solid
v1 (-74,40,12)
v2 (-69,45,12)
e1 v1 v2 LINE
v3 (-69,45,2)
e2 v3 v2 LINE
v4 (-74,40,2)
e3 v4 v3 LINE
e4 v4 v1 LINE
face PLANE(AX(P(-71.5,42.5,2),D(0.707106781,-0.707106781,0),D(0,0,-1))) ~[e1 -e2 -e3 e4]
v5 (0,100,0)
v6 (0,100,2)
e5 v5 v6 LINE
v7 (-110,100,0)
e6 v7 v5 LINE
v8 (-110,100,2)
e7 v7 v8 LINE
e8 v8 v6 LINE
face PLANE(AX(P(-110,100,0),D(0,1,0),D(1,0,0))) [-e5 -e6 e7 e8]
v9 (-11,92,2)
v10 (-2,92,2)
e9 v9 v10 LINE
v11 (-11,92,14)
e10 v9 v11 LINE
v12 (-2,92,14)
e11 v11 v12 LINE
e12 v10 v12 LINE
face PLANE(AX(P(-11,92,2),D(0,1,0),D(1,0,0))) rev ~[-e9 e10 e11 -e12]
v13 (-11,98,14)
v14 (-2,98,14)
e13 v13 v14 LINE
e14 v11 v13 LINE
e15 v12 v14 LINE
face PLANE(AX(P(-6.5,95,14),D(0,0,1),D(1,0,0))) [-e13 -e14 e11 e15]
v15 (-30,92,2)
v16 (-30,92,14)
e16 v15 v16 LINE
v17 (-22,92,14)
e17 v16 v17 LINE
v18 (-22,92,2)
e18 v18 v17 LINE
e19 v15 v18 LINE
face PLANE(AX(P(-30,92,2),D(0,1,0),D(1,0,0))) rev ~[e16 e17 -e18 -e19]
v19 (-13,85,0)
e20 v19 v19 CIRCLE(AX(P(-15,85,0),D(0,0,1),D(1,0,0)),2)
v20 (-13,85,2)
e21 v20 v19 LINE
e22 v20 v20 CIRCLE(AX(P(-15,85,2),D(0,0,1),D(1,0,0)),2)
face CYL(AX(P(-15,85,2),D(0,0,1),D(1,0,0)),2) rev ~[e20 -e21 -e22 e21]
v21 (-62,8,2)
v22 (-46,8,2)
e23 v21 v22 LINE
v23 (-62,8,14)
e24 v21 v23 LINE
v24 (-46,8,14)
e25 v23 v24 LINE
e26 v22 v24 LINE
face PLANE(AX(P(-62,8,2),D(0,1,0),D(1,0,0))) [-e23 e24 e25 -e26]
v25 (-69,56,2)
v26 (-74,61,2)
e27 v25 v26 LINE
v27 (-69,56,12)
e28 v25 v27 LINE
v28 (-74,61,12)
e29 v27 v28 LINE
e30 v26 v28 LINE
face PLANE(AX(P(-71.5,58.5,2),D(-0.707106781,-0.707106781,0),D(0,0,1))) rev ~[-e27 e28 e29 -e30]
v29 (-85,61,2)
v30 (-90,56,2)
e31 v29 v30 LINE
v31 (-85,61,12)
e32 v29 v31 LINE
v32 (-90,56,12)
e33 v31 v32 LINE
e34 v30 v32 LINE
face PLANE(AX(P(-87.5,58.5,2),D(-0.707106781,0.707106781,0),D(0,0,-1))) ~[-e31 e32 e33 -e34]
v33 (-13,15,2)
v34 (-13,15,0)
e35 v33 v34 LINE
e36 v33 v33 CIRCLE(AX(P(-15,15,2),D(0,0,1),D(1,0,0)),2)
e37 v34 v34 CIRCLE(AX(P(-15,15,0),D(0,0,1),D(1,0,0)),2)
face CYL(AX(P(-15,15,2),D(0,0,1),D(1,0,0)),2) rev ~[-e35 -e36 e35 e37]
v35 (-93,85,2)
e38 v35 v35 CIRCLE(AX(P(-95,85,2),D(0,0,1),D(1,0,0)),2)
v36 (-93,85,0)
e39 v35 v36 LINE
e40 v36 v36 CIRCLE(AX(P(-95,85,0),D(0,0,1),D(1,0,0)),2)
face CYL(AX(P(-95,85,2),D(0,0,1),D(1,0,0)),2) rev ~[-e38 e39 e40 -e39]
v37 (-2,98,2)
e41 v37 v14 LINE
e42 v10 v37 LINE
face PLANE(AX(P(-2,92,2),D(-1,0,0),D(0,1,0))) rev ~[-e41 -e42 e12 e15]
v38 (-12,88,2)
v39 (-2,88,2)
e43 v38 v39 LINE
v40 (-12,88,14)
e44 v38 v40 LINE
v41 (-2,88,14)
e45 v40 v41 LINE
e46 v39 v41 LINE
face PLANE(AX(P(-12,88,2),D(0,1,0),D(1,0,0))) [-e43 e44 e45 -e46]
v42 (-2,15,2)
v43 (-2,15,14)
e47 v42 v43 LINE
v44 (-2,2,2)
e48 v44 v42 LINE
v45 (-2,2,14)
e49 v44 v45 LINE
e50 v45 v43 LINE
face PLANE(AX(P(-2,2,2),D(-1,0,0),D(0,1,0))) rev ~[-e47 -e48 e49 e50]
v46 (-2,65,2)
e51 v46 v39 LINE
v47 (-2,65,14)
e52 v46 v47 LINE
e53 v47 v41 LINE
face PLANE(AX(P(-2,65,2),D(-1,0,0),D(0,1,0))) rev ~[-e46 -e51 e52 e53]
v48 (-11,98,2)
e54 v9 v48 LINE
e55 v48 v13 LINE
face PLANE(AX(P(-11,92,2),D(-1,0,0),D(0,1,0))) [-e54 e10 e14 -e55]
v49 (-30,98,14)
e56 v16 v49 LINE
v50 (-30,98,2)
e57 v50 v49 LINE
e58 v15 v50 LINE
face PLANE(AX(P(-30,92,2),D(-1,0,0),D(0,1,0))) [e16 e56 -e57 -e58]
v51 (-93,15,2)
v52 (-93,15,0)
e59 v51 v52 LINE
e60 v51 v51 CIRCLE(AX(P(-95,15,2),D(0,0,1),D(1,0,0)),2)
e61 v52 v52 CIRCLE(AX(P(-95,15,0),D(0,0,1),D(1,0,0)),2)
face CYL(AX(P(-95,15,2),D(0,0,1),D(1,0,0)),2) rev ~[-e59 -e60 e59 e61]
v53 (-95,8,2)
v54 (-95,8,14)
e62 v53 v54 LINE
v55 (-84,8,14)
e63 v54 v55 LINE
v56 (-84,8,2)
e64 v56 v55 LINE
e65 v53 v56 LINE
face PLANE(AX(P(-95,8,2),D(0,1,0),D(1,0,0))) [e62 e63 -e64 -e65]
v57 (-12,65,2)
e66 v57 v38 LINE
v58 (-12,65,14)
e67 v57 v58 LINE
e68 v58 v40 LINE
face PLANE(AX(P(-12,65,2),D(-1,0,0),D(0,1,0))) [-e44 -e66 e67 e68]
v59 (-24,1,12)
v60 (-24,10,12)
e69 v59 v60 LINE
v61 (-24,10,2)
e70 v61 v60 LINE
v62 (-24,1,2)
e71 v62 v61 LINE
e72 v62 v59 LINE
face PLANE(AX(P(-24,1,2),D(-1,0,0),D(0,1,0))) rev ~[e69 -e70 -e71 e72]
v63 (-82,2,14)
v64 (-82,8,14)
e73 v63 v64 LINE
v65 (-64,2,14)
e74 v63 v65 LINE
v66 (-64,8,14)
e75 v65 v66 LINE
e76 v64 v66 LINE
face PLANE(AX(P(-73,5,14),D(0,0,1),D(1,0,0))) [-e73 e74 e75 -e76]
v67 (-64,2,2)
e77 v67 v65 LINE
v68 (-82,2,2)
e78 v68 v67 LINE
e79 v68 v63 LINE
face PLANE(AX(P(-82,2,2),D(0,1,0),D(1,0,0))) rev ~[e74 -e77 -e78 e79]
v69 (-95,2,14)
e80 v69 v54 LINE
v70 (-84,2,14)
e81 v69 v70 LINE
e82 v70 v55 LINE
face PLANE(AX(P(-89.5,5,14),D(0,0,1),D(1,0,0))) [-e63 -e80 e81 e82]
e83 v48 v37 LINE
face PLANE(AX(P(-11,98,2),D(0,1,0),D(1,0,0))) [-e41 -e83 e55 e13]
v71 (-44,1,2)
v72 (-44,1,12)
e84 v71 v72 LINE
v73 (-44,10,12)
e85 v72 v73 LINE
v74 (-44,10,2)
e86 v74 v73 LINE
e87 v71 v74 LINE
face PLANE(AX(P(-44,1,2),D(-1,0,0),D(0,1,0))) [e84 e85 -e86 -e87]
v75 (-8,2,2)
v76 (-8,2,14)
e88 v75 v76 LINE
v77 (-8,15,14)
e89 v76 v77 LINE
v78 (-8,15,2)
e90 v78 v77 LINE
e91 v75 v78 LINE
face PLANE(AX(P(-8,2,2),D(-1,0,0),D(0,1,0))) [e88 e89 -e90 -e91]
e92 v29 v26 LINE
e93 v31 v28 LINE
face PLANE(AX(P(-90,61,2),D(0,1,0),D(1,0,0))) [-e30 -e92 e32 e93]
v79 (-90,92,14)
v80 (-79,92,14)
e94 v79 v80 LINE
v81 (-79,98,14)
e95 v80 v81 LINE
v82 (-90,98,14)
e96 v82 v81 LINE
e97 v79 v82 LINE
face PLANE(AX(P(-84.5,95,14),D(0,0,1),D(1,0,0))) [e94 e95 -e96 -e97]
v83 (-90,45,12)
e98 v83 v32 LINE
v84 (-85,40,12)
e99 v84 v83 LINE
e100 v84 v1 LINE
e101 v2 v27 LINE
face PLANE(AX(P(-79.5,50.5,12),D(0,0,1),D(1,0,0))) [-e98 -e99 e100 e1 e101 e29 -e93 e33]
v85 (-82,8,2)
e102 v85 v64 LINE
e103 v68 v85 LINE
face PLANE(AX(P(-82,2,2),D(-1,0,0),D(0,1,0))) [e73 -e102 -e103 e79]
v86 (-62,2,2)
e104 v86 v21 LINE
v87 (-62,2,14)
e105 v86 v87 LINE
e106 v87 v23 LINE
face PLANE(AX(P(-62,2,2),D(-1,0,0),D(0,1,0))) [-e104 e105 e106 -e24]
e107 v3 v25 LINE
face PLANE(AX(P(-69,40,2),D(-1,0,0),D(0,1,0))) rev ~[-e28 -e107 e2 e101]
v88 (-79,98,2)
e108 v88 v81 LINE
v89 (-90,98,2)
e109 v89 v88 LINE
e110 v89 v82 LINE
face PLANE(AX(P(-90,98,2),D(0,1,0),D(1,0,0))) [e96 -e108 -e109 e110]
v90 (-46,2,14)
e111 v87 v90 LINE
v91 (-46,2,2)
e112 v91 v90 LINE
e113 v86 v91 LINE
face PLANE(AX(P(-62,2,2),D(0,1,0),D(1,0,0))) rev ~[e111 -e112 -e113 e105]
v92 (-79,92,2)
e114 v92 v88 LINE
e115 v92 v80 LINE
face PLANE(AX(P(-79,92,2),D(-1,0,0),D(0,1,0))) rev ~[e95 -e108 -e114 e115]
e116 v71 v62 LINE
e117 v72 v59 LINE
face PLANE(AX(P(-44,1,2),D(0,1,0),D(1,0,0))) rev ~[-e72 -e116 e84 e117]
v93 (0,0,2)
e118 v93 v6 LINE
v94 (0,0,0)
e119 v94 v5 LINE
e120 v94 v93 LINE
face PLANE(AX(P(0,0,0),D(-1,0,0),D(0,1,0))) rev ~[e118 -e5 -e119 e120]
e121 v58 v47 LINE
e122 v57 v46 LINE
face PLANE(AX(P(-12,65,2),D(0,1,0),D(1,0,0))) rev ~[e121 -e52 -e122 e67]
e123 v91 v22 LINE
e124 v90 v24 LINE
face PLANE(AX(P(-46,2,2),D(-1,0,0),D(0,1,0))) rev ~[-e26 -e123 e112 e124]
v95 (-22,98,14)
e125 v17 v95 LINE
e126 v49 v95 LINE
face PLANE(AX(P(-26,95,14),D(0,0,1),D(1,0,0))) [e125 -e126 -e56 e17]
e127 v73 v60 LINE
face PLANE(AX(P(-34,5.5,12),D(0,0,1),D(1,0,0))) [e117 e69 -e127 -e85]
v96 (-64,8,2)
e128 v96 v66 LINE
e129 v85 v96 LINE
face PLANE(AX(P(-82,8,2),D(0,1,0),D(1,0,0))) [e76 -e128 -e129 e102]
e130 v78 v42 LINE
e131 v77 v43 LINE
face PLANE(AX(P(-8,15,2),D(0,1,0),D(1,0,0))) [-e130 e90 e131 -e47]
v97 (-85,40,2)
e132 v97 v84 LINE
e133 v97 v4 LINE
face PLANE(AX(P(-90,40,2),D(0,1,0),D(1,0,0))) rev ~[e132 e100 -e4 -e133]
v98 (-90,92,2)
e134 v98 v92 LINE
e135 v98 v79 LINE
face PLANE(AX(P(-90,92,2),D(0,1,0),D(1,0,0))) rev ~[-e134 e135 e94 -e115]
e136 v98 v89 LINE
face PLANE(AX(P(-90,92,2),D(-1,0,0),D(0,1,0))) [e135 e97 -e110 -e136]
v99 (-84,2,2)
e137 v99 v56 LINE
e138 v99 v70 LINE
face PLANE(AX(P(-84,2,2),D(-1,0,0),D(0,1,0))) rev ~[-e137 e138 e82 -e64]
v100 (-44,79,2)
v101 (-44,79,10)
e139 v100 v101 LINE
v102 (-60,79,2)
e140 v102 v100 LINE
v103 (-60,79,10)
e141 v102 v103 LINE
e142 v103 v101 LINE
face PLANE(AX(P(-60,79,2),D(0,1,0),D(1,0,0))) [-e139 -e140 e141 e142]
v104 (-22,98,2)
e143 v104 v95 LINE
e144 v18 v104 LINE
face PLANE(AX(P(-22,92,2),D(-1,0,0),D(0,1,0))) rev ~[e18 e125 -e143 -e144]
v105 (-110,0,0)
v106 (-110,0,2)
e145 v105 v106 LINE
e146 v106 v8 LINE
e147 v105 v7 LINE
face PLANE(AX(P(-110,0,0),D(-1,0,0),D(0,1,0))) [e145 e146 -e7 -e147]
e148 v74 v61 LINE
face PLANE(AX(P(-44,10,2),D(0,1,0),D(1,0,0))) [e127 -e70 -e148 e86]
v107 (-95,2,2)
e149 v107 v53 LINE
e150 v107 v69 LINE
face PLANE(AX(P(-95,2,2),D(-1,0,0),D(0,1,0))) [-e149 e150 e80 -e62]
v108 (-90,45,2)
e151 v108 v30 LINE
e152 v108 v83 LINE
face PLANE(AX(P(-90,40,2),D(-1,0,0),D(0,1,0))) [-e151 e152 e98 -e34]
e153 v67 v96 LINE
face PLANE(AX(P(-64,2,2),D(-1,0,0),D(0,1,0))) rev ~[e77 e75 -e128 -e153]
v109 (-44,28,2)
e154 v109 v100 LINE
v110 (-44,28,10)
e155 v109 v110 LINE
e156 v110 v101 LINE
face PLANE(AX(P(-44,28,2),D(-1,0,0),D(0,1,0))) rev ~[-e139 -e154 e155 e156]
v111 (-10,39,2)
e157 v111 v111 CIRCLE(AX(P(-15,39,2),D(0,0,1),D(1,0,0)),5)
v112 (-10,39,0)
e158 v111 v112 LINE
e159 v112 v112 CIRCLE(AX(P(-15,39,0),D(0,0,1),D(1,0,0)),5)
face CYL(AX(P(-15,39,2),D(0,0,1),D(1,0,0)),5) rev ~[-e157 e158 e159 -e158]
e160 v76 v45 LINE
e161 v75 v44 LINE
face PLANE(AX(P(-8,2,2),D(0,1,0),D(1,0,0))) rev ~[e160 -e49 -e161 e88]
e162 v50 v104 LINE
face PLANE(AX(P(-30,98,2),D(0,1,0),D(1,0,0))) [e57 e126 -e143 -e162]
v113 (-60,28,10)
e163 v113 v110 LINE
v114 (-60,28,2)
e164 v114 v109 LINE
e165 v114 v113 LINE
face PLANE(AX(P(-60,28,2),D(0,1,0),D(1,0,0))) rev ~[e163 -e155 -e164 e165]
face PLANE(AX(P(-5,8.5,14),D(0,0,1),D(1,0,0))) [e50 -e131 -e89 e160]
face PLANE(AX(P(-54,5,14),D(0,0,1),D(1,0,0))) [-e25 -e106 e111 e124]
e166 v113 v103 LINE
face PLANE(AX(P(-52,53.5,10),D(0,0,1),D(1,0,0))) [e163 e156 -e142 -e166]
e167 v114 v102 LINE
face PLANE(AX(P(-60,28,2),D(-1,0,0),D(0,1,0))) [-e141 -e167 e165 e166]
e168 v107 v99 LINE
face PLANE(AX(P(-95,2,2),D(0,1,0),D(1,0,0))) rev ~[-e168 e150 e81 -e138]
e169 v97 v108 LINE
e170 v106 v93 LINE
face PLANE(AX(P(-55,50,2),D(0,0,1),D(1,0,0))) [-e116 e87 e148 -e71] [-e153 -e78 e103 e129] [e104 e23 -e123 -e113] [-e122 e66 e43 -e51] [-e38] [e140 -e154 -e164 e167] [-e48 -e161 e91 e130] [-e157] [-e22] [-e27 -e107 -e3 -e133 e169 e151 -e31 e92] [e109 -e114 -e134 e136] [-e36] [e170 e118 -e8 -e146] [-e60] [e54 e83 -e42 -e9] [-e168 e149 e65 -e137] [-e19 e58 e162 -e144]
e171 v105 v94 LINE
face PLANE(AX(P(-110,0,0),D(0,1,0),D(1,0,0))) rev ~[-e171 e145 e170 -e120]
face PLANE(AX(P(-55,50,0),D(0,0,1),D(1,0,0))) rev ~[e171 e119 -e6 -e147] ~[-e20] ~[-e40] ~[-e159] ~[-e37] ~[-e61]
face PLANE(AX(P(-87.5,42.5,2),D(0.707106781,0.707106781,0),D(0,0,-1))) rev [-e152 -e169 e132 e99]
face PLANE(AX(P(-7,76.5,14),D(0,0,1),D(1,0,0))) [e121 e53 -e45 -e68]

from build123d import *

# Parameters (mm, degrees)
ESQUISSE1_W             = 110
ESQUISSE1_H             = 100
EXTRUSION1_DEPTH        = 2
ESQUISSE2_R             = 5
ESQUISSE2_R_2           = 2
ENL_V_MAT_EXTRU_1_DEPTH = 10
ESQUISSE3_W             = 11
ESQUISSE3_H             = 6
ESQUISSE3_W_2           = 18
ESQUISSE3_W_3           = 16
ESQUISSE3_W_4           = 6
ESQUISSE3_H_2           = 13
ESQUISSE3_W_5           = 9
ESQUISSE3_W_6           = 8
ESQUISSE3_W_7           = 20
ESQUISSE3_H_3           = 9
ESQUISSE3_H_4           = 51
ESQUISSE3_W_8           = 21
ESQUISSE3_H_5           = 21
ESQUISSE3_W_9           = 10
ESQUISSE3_H_6           = 23
EXTRUSION2_DEPTH        = 12
ESQUISSE4_W             = 21
ESQUISSE4_H             = 21
ESQUISSE4_W_2           = 20
ESQUISSE4_H_2           = 9
ENL_V_MAT_EXTRU_2_DEPTH = 2
ESQUISSE5_W             = 16
ESQUISSE5_H             = 51
ENL_V_MAT_EXTRU_3_DEPTH = 4
CHANFREIN1_SIZE         = 5


with BuildPart() as part:
    # Esquisse1 → Extrusion1 (new body)
    with BuildSketch(Plane.XY):
        with Locations((-55, 50)):
            Rectangle(ESQUISSE1_W, ESQUISSE1_H)
    extrude(amount=EXTRUSION1_DEPTH)

    # Esquisse2 → Enlèv. mat.-Extru.1 (cut)
    with BuildSketch(Plane.XY.offset(2)):
        with Locations((-15, 39)):
            Circle(ESQUISSE2_R)
        with Locations((-15, 15)):
            Circle(ESQUISSE2_R_2)
        with Locations((-15, 85)):
            Circle(ESQUISSE2_R_2)
        with Locations((-95, 15)):
            Circle(ESQUISSE2_R_2)
        with Locations((-95, 85)):
            Circle(ESQUISSE2_R_2)
    extrude(amount=-ENL_V_MAT_EXTRU_1_DEPTH, mode=Mode.SUBTRACT)

    # Esquisse3 → Extrusion2 (add)
    with BuildSketch(Plane.XY.offset(2)):
        with Locations((-89.5, 5)):
            Rectangle(ESQUISSE3_W, ESQUISSE3_H)
        with Locations((-73, 5)):
            Rectangle(ESQUISSE3_W_2, ESQUISSE3_H)
        with Locations((-54, 5)):
            Rectangle(ESQUISSE3_W_3, ESQUISSE3_H)
        with Locations((-5, 8.5)):
            Rectangle(ESQUISSE3_W_4, ESQUISSE3_H_2)
        with Locations((-6.5, 95)):
            Rectangle(ESQUISSE3_W_5, ESQUISSE3_H)
        with Locations((-26, 95)):
            Rectangle(ESQUISSE3_W_6, ESQUISSE3_H)
        with Locations((-84.5, 95)):
            Rectangle(ESQUISSE3_W, ESQUISSE3_H)
        with Locations((-34, 5.5)):
            Rectangle(ESQUISSE3_W_7, ESQUISSE3_H_3)
        with Locations((-52, 53.5)):
            Rectangle(ESQUISSE3_W_3, ESQUISSE3_H_4)
        with Locations((-79.5, 50.5)):
            Rectangle(ESQUISSE3_W_8, ESQUISSE3_H_5)
        with Locations((-7, 76.5)):
            Rectangle(ESQUISSE3_W_9, ESQUISSE3_H_6)
    extrude(amount=EXTRUSION2_DEPTH)

    # Esquisse4 → Enlèv. mat.-Extru.2 (cut)
    with BuildSketch(Plane.XY.offset(14)):
        with Locations((-79.5, 50.5)):
            Rectangle(ESQUISSE4_W, ESQUISSE4_H)
        with Locations((-34, 5.5)):
            Rectangle(ESQUISSE4_W_2, ESQUISSE4_H_2)
    extrude(amount=-ENL_V_MAT_EXTRU_2_DEPTH, mode=Mode.SUBTRACT)

    # Esquisse5 → Enlèv. mat.-Extru.3 (cut)
    with BuildSketch(Plane.XY.offset(14)):
        with Locations((-52, 53.5)):
            Rectangle(ESQUISSE5_W, ESQUISSE5_H)
    extrude(amount=-ENL_V_MAT_EXTRU_3_DEPTH, mode=Mode.SUBTRACT)

    # Chanfrein1
    chanfrein1_edges = [part.edges().sort_by_distance(p)[0] for p in [
        (-90, 40, 7),
        (-90, 61, 7),
        (-69, 61, 7),
        (-69, 40, 7),
    ]]
    chamfer(chanfrein1_edges, length=CHANFREIN1_SIZE)


solid = part.part
